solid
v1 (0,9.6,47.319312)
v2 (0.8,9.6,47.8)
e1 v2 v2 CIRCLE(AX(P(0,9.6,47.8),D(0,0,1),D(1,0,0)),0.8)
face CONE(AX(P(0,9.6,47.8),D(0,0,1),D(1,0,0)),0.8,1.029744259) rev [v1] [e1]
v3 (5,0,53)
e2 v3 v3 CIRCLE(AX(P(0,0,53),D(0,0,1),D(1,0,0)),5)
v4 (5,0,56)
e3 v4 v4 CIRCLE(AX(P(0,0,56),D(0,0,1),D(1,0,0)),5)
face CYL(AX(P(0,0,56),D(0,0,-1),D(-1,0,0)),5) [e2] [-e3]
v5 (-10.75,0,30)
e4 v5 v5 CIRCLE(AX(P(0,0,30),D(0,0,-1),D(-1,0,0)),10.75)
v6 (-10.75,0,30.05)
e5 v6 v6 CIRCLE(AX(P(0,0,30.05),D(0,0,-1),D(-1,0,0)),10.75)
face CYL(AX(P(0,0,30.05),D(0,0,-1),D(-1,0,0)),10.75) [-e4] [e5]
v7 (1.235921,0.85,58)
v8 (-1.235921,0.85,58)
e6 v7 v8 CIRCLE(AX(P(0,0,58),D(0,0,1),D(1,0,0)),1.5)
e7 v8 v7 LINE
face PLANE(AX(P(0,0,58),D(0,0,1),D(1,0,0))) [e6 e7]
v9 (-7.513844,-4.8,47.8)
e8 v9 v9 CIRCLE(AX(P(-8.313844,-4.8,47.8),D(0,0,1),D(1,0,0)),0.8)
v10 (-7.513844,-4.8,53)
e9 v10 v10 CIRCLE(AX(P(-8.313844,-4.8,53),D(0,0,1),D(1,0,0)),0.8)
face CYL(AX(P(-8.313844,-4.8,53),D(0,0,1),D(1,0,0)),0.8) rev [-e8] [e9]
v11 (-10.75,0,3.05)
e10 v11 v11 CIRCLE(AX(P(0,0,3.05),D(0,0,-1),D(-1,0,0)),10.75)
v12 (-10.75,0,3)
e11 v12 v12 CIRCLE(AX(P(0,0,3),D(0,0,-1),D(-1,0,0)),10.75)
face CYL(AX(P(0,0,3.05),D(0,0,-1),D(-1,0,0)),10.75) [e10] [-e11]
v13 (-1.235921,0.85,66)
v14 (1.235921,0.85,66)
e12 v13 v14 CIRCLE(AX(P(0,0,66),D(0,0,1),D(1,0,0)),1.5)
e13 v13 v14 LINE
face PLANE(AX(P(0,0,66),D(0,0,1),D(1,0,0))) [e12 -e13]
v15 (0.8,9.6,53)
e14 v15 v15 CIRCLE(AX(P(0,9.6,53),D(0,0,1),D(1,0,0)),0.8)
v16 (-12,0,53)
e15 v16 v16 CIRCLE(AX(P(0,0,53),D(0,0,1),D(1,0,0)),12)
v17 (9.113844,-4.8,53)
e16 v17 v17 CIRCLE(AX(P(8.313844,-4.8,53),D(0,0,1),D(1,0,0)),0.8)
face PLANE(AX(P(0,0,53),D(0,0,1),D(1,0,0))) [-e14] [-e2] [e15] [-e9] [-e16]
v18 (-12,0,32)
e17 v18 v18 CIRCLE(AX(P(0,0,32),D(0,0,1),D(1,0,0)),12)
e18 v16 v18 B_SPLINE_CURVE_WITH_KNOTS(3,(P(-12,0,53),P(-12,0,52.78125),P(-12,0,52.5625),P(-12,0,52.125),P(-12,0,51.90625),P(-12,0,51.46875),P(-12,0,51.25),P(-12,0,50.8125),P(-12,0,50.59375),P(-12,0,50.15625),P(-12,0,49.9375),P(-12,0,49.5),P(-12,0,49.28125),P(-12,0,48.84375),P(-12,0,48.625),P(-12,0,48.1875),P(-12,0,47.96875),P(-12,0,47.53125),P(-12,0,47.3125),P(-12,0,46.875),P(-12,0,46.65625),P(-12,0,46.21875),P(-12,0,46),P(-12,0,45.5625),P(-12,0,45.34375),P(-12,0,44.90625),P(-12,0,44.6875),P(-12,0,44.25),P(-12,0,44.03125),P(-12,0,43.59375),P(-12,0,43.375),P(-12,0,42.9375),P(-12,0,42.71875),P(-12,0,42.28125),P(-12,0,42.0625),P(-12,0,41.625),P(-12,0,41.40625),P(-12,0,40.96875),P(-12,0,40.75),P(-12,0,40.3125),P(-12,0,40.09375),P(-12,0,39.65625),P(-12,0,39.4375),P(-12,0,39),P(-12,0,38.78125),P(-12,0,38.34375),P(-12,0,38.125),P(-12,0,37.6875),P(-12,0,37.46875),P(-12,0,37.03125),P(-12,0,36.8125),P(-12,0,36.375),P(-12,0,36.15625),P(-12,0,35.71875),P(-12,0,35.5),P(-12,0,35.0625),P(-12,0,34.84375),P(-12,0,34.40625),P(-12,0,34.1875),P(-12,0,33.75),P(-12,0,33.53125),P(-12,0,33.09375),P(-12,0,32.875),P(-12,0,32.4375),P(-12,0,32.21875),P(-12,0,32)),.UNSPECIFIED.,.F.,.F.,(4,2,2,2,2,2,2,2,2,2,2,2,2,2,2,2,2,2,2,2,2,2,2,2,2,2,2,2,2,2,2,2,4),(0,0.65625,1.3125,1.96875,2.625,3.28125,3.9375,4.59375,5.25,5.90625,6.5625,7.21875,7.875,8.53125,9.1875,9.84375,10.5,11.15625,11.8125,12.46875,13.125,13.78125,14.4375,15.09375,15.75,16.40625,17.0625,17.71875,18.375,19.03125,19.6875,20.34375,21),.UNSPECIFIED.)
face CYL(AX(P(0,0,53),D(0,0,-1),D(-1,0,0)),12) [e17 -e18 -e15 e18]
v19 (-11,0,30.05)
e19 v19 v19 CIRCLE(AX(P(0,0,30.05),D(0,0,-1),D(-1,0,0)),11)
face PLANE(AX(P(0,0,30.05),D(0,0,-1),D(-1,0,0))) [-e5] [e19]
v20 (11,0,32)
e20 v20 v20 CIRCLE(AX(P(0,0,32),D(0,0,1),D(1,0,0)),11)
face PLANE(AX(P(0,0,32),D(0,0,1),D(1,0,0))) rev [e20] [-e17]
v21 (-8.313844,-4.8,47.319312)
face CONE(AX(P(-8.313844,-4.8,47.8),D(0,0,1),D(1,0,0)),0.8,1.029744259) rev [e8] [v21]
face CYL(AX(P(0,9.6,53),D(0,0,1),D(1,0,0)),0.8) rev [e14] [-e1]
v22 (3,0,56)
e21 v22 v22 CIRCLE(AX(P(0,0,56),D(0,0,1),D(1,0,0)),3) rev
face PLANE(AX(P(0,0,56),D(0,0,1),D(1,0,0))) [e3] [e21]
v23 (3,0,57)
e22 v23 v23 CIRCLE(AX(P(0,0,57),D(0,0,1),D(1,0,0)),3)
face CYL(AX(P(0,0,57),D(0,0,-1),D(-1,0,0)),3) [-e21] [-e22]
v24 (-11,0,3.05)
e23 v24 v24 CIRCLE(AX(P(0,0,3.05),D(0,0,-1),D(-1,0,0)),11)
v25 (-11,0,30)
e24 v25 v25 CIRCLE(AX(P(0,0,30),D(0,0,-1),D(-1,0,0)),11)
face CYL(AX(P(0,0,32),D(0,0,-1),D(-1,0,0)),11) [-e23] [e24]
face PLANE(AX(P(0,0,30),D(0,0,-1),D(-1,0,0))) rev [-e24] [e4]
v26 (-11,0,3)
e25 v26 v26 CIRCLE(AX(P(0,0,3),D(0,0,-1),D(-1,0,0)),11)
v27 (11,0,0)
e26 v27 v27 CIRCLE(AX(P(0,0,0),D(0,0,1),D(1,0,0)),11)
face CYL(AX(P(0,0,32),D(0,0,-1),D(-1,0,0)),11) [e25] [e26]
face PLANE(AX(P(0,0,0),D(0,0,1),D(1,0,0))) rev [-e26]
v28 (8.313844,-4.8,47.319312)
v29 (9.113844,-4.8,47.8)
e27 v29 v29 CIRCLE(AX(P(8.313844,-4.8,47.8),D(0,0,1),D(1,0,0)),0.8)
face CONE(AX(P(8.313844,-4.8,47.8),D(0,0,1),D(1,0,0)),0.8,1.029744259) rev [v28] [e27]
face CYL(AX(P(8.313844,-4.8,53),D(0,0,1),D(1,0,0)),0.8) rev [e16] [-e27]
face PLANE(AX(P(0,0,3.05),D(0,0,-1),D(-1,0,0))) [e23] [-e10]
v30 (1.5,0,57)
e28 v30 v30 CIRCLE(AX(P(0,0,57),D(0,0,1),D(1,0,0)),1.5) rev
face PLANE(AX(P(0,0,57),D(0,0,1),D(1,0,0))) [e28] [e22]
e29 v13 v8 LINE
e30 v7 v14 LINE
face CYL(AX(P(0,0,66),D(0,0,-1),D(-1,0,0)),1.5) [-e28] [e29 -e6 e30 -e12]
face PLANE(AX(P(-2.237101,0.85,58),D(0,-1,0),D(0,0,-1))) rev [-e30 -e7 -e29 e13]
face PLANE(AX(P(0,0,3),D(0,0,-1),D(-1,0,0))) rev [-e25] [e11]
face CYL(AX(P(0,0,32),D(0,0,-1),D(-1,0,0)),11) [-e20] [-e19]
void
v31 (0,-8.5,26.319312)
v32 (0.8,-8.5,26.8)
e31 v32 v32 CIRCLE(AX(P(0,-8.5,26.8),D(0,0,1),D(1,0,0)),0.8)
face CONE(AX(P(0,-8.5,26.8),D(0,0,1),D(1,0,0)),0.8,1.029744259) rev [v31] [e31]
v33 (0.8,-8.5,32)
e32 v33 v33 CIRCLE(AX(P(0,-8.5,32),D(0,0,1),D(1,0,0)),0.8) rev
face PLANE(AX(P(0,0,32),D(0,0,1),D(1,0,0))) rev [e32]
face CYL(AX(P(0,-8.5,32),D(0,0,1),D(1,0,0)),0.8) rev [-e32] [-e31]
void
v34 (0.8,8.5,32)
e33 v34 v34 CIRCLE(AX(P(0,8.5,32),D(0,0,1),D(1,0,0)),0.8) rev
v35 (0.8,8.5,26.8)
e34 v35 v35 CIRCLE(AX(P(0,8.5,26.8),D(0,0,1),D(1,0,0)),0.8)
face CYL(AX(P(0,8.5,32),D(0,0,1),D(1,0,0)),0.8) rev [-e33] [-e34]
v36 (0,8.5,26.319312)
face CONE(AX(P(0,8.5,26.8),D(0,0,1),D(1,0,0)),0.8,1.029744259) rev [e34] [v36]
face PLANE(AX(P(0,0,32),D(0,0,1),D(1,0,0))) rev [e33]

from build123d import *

# Parameters (mm, degrees)
SKETCH_1_R             = 11
EXTRUDE_1_DEPTH        = 32
HOLE_WIZARD_M2_1_D     = 1.6
HOLE_WIZARD_M2_1_DEPTH = 5.2
HOLE_WIZARD_M2_1_TIP   = 0.480688495
CUT_EXTRUDE_START      = -3
SKETCH_5_R             = 11.838448527
SKETCH_5_R_2           = 10.75
CUT_EXTRUDE_1_DEPTH    = 0.05
CUT_EXTRUDE_START_2    = -30
SKETCH_5_2_R           = 11.838448527
SKETCH_5_2_R_2         = 10.75
CUT_EXTRUDE_2_DEPTH    = 0.05
SKETCH_6_R             = 12
EXTRUDE_2_DEPTH        = 21
SKETCH_7_R             = 5
EXTRUDE_3_DEPTH        = 3
SKETCH_8_R             = 3
EXTRUDE_4_DEPTH        = 4
SKETCH_9_R             = 1.5
EXTRUDE_5_DEPTH        = 13
SKETCH_10_W            = 5.142844332
SKETCH_10_H            = 1.571012966
CUT_EXTRUDE_3_DEPTH    = 8
HOLE_WIZARD_M2_2_D     = 1.6
HOLE_WIZARD_M2_2_DEPTH = 5.2
HOLE_WIZARD_M2_2_TIP   = 0.480688495


with BuildPart() as part:
    # 草图1 → 凸台-拉伸1 (new body)
    with BuildSketch(Plane.XY):
        Circle(SKETCH_1_R)
    extrude(amount=EXTRUDE_1_DEPTH)

    # M2 螺纹孔1
    with Locations(Plane(origin=(0, 8.5, 32), x_dir=(1, 0, 0), z_dir=(0, 0, 1))):
        with Locations((0, 0), (0, -17)):
            Hole(HOLE_WIZARD_M2_1_D / 2, depth=HOLE_WIZARD_M2_1_DEPTH)
            with Locations((0, 0, -(HOLE_WIZARD_M2_1_DEPTH + HOLE_WIZARD_M2_1_TIP / 2))):  # 118° drill point
                Cone(0, HOLE_WIZARD_M2_1_D / 2, HOLE_WIZARD_M2_1_TIP, mode=Mode.SUBTRACT)

    # 草图5 → 切除-拉伸1 (cut)
    with BuildSketch(Plane(origin=(0, 0, 0), x_dir=(-1, 0, 0), z_dir=(0, 0, -1)).offset(CUT_EXTRUDE_START)):
        Circle(SKETCH_5_R)
        Circle(SKETCH_5_R_2, mode=Mode.SUBTRACT)
    extrude(amount=-CUT_EXTRUDE_1_DEPTH, mode=Mode.SUBTRACT)

    # 草图5<2> → 切除-拉伸2 (cut)
    with BuildSketch(Plane(origin=(0, 0, 0), x_dir=(-1, 0, 0), z_dir=(0, 0, -1)).offset(CUT_EXTRUDE_START_2)):
        Circle(SKETCH_5_2_R)
        Circle(SKETCH_5_2_R_2, mode=Mode.SUBTRACT)
    extrude(amount=-CUT_EXTRUDE_2_DEPTH, mode=Mode.SUBTRACT)

    # 草图6 → 凸台-拉伸2 (add)
    with BuildSketch(Plane.XY.offset(32)):
        Circle(SKETCH_6_R)
    extrude(amount=EXTRUDE_2_DEPTH)

    # 草图7 → 凸台-拉伸3 (add)
    with BuildSketch(Plane.XY.offset(53)):
        Circle(SKETCH_7_R)
    extrude(amount=EXTRUDE_3_DEPTH)

    # 草图8 → 凸台-拉伸4 (add)
    with BuildSketch(Plane.XY.offset(53)):
        Circle(SKETCH_8_R)
    extrude(amount=EXTRUDE_4_DEPTH)

    # 草图9 → 凸台-拉伸5 (add)
    with BuildSketch(Plane.XY.offset(53)):
        Circle(SKETCH_9_R)
    extrude(amount=EXTRUDE_5_DEPTH)

    # 草图10 → 切除-拉伸3 (cut)
    with BuildSketch(Plane.XY.offset(66)):
        with Locations((0.334320666, 1.635506483)):
            Rectangle(SKETCH_10_W, SKETCH_10_H)
    extrude(amount=-CUT_EXTRUDE_3_DEPTH, mode=Mode.SUBTRACT)

    # M2 螺纹孔2
    with Locations(Plane(origin=(0, 9.6, 53), x_dir=(1, 0, 0), z_dir=(0, 0, 1))):
        with Locations((0, 0), (8.313843876, -14.4), (-8.313843876, -14.4)):
            Hole(HOLE_WIZARD_M2_2_D / 2, depth=HOLE_WIZARD_M2_2_DEPTH)
            with Locations((0, 0, -(HOLE_WIZARD_M2_2_DEPTH + HOLE_WIZARD_M2_2_TIP / 2))):  # 118° drill point
                Cone(0, HOLE_WIZARD_M2_2_D / 2, HOLE_WIZARD_M2_2_TIP, mode=Mode.SUBTRACT)


solid = part.part
